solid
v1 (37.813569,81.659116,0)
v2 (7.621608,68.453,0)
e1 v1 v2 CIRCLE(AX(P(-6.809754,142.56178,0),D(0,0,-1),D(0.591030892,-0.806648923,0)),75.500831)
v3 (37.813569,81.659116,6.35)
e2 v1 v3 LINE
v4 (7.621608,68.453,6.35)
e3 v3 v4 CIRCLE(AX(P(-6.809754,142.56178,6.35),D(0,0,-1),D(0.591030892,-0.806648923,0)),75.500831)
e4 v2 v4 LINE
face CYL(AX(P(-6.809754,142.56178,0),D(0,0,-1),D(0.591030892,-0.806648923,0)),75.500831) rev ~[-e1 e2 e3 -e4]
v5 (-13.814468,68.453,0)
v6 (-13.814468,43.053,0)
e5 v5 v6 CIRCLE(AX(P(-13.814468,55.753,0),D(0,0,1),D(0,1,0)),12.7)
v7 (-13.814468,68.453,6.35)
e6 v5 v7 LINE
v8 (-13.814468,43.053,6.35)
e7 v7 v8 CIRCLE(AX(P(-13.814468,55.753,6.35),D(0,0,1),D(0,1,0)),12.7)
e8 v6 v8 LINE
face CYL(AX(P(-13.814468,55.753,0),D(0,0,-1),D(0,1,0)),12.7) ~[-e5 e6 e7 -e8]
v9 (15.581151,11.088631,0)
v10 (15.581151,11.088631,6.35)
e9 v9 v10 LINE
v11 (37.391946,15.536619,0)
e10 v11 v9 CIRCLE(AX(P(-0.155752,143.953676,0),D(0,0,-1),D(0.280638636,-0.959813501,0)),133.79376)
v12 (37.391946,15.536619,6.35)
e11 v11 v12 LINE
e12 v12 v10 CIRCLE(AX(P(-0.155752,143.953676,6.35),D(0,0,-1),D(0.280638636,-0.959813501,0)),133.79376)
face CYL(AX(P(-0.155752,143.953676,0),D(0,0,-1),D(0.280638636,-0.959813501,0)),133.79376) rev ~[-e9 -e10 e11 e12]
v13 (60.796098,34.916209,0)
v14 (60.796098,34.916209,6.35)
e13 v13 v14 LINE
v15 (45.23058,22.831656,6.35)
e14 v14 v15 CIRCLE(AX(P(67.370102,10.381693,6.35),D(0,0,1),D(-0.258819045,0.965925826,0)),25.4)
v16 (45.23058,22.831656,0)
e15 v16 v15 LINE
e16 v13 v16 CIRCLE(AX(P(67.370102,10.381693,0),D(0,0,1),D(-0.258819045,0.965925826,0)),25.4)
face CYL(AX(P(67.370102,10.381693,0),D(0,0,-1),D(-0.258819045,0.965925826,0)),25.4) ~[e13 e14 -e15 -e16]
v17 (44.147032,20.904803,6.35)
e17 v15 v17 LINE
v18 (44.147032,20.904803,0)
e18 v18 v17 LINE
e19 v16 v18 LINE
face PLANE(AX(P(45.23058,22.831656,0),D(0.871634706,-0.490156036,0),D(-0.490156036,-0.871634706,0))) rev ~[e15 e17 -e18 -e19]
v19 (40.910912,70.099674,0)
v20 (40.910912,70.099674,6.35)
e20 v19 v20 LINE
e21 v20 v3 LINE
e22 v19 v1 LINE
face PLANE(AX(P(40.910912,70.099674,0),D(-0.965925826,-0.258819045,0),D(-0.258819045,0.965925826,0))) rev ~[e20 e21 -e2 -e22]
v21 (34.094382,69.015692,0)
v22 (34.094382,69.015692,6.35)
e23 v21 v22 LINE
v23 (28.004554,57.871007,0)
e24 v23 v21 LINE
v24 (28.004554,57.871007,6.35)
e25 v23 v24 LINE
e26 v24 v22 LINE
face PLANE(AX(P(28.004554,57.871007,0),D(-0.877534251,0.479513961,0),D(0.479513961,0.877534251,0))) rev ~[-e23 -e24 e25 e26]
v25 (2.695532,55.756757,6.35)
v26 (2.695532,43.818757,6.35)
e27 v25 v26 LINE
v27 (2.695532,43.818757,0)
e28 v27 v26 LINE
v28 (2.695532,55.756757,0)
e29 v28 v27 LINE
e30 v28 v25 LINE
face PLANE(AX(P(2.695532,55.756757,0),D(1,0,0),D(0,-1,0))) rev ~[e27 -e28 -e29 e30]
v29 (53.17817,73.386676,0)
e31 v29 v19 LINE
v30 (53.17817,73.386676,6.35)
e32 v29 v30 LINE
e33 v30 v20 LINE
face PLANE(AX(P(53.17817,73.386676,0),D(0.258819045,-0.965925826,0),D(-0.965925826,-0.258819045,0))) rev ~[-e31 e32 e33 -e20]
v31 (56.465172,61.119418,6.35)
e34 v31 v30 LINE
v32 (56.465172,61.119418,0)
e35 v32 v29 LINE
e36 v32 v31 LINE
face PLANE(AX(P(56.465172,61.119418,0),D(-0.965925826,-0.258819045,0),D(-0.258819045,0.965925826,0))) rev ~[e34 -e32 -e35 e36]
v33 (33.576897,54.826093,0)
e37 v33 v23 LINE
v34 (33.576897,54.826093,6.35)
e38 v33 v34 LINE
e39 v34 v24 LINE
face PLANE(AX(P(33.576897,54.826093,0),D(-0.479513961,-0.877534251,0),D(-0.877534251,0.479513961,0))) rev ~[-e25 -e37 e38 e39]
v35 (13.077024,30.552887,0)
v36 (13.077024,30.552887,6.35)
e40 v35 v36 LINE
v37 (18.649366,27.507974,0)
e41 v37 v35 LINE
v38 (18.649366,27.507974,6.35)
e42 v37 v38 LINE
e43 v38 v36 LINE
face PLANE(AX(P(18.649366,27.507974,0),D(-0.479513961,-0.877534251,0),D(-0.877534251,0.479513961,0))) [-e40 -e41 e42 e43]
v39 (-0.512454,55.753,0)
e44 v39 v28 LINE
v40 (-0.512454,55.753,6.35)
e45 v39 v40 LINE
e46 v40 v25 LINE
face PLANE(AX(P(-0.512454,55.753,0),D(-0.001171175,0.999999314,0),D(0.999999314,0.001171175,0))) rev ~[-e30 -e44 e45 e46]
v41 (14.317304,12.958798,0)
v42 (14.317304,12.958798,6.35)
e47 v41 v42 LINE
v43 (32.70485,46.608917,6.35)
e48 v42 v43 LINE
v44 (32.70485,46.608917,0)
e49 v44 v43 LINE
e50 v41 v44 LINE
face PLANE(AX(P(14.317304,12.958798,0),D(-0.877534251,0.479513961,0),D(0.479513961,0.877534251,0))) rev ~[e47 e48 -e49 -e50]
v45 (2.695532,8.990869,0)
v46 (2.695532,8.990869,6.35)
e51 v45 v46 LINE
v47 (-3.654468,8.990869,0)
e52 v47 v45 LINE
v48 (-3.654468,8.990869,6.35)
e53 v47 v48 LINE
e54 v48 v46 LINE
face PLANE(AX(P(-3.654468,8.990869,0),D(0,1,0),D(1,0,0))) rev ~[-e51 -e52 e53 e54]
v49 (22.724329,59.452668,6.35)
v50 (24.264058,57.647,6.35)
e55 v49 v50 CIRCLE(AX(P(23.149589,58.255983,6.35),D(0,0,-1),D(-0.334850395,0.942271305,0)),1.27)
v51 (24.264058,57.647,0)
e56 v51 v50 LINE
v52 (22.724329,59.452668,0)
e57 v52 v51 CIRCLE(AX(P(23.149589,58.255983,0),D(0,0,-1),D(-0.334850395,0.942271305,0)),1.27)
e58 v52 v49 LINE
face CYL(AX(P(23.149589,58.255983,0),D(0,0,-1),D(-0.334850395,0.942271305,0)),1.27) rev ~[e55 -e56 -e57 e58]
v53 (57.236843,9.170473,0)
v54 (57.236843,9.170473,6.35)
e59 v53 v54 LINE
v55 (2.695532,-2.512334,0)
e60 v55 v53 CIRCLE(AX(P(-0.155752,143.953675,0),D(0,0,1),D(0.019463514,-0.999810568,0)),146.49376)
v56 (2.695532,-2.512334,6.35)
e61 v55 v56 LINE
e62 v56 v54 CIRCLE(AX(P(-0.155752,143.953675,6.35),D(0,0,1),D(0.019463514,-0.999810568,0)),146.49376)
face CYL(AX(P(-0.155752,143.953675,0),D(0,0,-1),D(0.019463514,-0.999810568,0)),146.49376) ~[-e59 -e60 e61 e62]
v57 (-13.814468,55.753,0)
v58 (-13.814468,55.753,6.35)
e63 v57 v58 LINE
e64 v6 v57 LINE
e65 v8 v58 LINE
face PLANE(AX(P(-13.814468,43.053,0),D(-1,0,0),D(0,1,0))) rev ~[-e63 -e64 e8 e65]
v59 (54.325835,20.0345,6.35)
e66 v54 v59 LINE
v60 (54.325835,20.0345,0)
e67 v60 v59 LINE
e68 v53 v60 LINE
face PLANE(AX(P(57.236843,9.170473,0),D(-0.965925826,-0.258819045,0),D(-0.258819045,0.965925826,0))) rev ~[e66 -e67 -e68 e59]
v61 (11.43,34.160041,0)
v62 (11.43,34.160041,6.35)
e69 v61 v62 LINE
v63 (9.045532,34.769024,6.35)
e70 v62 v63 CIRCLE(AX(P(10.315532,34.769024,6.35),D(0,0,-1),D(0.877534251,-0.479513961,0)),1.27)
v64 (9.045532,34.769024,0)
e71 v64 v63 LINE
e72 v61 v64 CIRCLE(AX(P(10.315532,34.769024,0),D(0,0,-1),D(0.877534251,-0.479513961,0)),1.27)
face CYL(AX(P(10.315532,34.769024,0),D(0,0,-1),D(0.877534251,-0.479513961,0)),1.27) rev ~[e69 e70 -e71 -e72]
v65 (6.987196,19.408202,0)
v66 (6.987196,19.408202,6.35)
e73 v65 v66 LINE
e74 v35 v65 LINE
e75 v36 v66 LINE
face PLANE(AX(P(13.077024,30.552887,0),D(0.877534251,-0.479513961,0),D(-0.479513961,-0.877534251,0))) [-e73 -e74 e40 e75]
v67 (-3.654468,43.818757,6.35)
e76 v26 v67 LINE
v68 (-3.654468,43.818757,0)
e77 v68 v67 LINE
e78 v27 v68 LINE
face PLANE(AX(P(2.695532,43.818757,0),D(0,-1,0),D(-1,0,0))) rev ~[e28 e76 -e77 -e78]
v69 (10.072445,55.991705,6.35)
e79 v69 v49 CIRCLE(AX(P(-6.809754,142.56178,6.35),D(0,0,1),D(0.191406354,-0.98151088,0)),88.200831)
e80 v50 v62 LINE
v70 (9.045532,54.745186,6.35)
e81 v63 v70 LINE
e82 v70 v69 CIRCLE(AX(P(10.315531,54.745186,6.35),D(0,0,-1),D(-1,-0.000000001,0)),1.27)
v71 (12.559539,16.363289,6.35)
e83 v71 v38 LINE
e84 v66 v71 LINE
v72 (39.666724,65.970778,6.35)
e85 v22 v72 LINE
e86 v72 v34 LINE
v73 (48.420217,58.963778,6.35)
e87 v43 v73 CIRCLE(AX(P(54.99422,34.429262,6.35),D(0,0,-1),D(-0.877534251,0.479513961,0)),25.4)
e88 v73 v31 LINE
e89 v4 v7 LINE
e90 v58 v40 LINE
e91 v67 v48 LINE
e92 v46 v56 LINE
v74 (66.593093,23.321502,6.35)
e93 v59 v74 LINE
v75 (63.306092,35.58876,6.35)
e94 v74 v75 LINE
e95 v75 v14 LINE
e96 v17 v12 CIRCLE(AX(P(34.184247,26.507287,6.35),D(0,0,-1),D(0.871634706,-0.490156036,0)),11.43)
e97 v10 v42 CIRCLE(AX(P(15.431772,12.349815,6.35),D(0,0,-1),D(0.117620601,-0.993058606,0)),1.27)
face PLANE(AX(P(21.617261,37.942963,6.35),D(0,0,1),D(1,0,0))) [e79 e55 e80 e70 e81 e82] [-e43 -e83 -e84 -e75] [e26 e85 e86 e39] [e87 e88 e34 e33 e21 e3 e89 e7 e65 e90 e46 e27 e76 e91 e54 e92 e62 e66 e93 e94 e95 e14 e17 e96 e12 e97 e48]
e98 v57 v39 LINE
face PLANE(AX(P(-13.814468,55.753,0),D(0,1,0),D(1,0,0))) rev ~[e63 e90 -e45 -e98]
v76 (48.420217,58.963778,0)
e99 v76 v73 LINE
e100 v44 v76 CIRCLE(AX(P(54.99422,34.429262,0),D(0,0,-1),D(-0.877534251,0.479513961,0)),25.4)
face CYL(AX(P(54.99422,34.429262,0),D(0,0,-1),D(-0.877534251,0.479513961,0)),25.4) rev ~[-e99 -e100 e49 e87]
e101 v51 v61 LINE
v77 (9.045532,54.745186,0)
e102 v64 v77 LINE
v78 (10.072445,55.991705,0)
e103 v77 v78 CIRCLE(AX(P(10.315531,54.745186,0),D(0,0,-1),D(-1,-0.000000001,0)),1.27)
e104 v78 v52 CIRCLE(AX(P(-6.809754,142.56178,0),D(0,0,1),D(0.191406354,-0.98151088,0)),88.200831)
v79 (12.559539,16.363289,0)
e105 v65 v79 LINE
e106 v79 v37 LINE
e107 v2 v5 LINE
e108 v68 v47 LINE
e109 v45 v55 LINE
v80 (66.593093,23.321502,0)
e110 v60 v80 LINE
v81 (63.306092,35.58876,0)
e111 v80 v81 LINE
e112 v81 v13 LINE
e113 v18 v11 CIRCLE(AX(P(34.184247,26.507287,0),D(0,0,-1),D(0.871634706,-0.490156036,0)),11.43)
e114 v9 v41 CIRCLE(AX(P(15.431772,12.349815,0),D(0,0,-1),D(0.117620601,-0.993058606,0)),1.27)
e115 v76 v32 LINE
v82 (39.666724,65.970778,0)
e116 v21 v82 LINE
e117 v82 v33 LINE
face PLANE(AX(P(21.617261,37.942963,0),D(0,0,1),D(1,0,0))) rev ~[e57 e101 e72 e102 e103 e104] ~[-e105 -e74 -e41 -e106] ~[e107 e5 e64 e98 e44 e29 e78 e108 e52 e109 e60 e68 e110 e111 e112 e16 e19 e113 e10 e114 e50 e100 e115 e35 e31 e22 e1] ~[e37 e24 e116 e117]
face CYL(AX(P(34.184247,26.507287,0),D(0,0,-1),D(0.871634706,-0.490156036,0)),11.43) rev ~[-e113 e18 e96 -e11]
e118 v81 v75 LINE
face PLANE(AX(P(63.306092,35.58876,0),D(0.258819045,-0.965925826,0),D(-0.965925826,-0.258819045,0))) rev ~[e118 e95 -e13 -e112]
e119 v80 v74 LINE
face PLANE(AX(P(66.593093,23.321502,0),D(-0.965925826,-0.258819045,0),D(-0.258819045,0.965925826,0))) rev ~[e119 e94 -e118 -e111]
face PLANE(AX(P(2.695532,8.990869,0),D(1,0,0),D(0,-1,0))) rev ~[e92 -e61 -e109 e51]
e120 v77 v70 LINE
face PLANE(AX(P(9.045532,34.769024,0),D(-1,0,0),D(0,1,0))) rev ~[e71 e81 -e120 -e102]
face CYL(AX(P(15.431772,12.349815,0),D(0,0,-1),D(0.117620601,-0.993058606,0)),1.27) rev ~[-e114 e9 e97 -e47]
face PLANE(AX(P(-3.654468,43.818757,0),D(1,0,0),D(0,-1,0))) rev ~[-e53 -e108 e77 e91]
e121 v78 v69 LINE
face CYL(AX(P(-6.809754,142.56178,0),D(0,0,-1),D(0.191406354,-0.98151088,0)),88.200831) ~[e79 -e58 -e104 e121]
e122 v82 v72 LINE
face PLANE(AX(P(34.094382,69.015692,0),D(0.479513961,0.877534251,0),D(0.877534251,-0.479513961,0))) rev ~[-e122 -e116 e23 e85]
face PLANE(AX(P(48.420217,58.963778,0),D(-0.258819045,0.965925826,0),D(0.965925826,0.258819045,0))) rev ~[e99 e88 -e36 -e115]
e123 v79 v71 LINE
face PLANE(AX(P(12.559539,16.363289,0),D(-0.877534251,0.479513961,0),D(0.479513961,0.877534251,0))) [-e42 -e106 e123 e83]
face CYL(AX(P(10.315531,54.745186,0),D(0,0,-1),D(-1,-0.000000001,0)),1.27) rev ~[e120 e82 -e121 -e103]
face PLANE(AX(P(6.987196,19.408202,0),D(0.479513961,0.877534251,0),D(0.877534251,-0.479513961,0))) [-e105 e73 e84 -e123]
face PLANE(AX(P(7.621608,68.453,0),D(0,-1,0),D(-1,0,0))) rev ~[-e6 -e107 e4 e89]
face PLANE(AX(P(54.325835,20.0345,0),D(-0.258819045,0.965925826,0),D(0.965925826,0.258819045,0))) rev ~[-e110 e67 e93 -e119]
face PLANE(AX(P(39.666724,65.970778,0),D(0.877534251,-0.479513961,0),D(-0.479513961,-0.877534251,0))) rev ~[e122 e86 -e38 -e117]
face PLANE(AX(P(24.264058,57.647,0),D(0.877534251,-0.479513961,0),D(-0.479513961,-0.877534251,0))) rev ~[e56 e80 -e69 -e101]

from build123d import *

# Parameters (mm, degrees)
BOSS_EXTRUDE1_DEPTH = 6.35


with BuildPart() as part:
    # Sketch1 → Boss-Extrude1 (new body)
    with BuildSketch(Plane.XY):
        with BuildLine():
            Line((-13.814468498, 55.753), (-0.512454363, 55.753))
            Line((-0.512454363, 55.753), (2.695531502, 55.756757116))
            Line((2.695531502, 55.756757116), (2.695531502, 43.818757116))
            Line((2.695531502, 43.818757116), (-3.654468498, 43.818757116))
            Line((-3.654468498, 43.818757116), (-3.654468498, 8.990868624))
            Line((-3.654468498, 8.990868624), (2.695531502, 8.990868624))
            Line((2.695531502, 8.990868624), (2.695531502, -2.512333634))
            ThreePointArc((2.695531502, -2.512333634), (30.527357476, 0.70923947), (57.236842715, 9.170472751))
            Line((57.236842715, 9.170472751), (54.325835419, 20.034499879))
            Line((54.325835419, 20.034499879), (66.593093413, 23.321501752))
            Line((66.593093413, 23.321501752), (63.30609154, 35.588759746))
            Line((63.30609154, 35.588759746), (60.796097964, 34.916208994))
            ThreePointArc((60.796097964, 34.916208994), (51.793653569, 30.444949555), (45.230580184, 22.831656326))
            Line((45.230580184, 22.831656326), (44.147031561, 20.904803413))
            ThreePointArc((44.147031561, 20.904803413), (41.295489117, 17.558815877), (37.391946488, 15.536618596))
            ThreePointArc((37.391946488, 15.536618596), (26.579212526, 12.858245248), (15.581150656, 11.088630994))
            ThreePointArc((15.581150656, 11.088630994), (14.379521981, 11.63871145), (14.317303994, 12.958798154))
            Line((14.317303994, 12.958798154), (32.704850479, 46.608917104))
            ThreePointArc((32.704850479, 46.608917104), (39.295996489, 54.397381198), (48.420216702, 58.963778482))
            Line((48.420216702, 58.963778482), (56.465172321, 61.119417843))
            Line((56.465172321, 61.119417843), (53.178170448, 73.386675837))
            Line((53.178170448, 73.386675837), (40.910912454, 70.099673965))
            Line((40.910912454, 70.099673965), (37.813569329, 81.659115874))
            ThreePointArc((37.813569329, 81.659115874), (23.44688739, 73.388727882), (7.621608316, 68.453))
            Line((7.621608316, 68.453), (-13.814468498, 68.453))
            ThreePointArc((-13.814468498, 68.453), (-26.514468498, 55.753), (-13.814468498, 43.053))
            Line((-13.814468498, 43.053), (-13.814468498, 55.753))
        make_face()
        with BuildLine():
            Line((24.264057522, 57.64700047), (11.43, 34.160040827))
            ThreePointArc((11.43, 34.160040827), (10.00126648, 33.538520613), (9.045531502, 34.769023557))
            Line((9.045531502, 34.769023557), (9.045531502, 54.745185852))
            ThreePointArc((9.045531502, 54.745185852), (9.335322516, 55.552706963), (10.072445431, 55.991704669))
            ThreePointArc((10.072445431, 55.991704669), (16.462813232, 57.486670752), (22.724329021, 59.452667759))
            ThreePointArc((22.724329021, 59.452667759), (24.115953694, 59.080021624), (24.264057522, 57.64700047))
        make_face(mode=Mode.SUBTRACT)
        Polygon((33.576896794, 54.82609289), (28.004554301, 57.871006542), (34.094381606, 69.015691526), (39.666724099, 65.970777874), align=None, mode=Mode.SUBTRACT)
        Polygon((18.649366076, 27.507973818), (13.077023583, 30.552887471), (6.987196278, 19.408202487), (12.559538771, 16.363288834), align=None, mode=Mode.SUBTRACT)
    extrude(amount=BOSS_EXTRUDE1_DEPTH)


solid = part.part
